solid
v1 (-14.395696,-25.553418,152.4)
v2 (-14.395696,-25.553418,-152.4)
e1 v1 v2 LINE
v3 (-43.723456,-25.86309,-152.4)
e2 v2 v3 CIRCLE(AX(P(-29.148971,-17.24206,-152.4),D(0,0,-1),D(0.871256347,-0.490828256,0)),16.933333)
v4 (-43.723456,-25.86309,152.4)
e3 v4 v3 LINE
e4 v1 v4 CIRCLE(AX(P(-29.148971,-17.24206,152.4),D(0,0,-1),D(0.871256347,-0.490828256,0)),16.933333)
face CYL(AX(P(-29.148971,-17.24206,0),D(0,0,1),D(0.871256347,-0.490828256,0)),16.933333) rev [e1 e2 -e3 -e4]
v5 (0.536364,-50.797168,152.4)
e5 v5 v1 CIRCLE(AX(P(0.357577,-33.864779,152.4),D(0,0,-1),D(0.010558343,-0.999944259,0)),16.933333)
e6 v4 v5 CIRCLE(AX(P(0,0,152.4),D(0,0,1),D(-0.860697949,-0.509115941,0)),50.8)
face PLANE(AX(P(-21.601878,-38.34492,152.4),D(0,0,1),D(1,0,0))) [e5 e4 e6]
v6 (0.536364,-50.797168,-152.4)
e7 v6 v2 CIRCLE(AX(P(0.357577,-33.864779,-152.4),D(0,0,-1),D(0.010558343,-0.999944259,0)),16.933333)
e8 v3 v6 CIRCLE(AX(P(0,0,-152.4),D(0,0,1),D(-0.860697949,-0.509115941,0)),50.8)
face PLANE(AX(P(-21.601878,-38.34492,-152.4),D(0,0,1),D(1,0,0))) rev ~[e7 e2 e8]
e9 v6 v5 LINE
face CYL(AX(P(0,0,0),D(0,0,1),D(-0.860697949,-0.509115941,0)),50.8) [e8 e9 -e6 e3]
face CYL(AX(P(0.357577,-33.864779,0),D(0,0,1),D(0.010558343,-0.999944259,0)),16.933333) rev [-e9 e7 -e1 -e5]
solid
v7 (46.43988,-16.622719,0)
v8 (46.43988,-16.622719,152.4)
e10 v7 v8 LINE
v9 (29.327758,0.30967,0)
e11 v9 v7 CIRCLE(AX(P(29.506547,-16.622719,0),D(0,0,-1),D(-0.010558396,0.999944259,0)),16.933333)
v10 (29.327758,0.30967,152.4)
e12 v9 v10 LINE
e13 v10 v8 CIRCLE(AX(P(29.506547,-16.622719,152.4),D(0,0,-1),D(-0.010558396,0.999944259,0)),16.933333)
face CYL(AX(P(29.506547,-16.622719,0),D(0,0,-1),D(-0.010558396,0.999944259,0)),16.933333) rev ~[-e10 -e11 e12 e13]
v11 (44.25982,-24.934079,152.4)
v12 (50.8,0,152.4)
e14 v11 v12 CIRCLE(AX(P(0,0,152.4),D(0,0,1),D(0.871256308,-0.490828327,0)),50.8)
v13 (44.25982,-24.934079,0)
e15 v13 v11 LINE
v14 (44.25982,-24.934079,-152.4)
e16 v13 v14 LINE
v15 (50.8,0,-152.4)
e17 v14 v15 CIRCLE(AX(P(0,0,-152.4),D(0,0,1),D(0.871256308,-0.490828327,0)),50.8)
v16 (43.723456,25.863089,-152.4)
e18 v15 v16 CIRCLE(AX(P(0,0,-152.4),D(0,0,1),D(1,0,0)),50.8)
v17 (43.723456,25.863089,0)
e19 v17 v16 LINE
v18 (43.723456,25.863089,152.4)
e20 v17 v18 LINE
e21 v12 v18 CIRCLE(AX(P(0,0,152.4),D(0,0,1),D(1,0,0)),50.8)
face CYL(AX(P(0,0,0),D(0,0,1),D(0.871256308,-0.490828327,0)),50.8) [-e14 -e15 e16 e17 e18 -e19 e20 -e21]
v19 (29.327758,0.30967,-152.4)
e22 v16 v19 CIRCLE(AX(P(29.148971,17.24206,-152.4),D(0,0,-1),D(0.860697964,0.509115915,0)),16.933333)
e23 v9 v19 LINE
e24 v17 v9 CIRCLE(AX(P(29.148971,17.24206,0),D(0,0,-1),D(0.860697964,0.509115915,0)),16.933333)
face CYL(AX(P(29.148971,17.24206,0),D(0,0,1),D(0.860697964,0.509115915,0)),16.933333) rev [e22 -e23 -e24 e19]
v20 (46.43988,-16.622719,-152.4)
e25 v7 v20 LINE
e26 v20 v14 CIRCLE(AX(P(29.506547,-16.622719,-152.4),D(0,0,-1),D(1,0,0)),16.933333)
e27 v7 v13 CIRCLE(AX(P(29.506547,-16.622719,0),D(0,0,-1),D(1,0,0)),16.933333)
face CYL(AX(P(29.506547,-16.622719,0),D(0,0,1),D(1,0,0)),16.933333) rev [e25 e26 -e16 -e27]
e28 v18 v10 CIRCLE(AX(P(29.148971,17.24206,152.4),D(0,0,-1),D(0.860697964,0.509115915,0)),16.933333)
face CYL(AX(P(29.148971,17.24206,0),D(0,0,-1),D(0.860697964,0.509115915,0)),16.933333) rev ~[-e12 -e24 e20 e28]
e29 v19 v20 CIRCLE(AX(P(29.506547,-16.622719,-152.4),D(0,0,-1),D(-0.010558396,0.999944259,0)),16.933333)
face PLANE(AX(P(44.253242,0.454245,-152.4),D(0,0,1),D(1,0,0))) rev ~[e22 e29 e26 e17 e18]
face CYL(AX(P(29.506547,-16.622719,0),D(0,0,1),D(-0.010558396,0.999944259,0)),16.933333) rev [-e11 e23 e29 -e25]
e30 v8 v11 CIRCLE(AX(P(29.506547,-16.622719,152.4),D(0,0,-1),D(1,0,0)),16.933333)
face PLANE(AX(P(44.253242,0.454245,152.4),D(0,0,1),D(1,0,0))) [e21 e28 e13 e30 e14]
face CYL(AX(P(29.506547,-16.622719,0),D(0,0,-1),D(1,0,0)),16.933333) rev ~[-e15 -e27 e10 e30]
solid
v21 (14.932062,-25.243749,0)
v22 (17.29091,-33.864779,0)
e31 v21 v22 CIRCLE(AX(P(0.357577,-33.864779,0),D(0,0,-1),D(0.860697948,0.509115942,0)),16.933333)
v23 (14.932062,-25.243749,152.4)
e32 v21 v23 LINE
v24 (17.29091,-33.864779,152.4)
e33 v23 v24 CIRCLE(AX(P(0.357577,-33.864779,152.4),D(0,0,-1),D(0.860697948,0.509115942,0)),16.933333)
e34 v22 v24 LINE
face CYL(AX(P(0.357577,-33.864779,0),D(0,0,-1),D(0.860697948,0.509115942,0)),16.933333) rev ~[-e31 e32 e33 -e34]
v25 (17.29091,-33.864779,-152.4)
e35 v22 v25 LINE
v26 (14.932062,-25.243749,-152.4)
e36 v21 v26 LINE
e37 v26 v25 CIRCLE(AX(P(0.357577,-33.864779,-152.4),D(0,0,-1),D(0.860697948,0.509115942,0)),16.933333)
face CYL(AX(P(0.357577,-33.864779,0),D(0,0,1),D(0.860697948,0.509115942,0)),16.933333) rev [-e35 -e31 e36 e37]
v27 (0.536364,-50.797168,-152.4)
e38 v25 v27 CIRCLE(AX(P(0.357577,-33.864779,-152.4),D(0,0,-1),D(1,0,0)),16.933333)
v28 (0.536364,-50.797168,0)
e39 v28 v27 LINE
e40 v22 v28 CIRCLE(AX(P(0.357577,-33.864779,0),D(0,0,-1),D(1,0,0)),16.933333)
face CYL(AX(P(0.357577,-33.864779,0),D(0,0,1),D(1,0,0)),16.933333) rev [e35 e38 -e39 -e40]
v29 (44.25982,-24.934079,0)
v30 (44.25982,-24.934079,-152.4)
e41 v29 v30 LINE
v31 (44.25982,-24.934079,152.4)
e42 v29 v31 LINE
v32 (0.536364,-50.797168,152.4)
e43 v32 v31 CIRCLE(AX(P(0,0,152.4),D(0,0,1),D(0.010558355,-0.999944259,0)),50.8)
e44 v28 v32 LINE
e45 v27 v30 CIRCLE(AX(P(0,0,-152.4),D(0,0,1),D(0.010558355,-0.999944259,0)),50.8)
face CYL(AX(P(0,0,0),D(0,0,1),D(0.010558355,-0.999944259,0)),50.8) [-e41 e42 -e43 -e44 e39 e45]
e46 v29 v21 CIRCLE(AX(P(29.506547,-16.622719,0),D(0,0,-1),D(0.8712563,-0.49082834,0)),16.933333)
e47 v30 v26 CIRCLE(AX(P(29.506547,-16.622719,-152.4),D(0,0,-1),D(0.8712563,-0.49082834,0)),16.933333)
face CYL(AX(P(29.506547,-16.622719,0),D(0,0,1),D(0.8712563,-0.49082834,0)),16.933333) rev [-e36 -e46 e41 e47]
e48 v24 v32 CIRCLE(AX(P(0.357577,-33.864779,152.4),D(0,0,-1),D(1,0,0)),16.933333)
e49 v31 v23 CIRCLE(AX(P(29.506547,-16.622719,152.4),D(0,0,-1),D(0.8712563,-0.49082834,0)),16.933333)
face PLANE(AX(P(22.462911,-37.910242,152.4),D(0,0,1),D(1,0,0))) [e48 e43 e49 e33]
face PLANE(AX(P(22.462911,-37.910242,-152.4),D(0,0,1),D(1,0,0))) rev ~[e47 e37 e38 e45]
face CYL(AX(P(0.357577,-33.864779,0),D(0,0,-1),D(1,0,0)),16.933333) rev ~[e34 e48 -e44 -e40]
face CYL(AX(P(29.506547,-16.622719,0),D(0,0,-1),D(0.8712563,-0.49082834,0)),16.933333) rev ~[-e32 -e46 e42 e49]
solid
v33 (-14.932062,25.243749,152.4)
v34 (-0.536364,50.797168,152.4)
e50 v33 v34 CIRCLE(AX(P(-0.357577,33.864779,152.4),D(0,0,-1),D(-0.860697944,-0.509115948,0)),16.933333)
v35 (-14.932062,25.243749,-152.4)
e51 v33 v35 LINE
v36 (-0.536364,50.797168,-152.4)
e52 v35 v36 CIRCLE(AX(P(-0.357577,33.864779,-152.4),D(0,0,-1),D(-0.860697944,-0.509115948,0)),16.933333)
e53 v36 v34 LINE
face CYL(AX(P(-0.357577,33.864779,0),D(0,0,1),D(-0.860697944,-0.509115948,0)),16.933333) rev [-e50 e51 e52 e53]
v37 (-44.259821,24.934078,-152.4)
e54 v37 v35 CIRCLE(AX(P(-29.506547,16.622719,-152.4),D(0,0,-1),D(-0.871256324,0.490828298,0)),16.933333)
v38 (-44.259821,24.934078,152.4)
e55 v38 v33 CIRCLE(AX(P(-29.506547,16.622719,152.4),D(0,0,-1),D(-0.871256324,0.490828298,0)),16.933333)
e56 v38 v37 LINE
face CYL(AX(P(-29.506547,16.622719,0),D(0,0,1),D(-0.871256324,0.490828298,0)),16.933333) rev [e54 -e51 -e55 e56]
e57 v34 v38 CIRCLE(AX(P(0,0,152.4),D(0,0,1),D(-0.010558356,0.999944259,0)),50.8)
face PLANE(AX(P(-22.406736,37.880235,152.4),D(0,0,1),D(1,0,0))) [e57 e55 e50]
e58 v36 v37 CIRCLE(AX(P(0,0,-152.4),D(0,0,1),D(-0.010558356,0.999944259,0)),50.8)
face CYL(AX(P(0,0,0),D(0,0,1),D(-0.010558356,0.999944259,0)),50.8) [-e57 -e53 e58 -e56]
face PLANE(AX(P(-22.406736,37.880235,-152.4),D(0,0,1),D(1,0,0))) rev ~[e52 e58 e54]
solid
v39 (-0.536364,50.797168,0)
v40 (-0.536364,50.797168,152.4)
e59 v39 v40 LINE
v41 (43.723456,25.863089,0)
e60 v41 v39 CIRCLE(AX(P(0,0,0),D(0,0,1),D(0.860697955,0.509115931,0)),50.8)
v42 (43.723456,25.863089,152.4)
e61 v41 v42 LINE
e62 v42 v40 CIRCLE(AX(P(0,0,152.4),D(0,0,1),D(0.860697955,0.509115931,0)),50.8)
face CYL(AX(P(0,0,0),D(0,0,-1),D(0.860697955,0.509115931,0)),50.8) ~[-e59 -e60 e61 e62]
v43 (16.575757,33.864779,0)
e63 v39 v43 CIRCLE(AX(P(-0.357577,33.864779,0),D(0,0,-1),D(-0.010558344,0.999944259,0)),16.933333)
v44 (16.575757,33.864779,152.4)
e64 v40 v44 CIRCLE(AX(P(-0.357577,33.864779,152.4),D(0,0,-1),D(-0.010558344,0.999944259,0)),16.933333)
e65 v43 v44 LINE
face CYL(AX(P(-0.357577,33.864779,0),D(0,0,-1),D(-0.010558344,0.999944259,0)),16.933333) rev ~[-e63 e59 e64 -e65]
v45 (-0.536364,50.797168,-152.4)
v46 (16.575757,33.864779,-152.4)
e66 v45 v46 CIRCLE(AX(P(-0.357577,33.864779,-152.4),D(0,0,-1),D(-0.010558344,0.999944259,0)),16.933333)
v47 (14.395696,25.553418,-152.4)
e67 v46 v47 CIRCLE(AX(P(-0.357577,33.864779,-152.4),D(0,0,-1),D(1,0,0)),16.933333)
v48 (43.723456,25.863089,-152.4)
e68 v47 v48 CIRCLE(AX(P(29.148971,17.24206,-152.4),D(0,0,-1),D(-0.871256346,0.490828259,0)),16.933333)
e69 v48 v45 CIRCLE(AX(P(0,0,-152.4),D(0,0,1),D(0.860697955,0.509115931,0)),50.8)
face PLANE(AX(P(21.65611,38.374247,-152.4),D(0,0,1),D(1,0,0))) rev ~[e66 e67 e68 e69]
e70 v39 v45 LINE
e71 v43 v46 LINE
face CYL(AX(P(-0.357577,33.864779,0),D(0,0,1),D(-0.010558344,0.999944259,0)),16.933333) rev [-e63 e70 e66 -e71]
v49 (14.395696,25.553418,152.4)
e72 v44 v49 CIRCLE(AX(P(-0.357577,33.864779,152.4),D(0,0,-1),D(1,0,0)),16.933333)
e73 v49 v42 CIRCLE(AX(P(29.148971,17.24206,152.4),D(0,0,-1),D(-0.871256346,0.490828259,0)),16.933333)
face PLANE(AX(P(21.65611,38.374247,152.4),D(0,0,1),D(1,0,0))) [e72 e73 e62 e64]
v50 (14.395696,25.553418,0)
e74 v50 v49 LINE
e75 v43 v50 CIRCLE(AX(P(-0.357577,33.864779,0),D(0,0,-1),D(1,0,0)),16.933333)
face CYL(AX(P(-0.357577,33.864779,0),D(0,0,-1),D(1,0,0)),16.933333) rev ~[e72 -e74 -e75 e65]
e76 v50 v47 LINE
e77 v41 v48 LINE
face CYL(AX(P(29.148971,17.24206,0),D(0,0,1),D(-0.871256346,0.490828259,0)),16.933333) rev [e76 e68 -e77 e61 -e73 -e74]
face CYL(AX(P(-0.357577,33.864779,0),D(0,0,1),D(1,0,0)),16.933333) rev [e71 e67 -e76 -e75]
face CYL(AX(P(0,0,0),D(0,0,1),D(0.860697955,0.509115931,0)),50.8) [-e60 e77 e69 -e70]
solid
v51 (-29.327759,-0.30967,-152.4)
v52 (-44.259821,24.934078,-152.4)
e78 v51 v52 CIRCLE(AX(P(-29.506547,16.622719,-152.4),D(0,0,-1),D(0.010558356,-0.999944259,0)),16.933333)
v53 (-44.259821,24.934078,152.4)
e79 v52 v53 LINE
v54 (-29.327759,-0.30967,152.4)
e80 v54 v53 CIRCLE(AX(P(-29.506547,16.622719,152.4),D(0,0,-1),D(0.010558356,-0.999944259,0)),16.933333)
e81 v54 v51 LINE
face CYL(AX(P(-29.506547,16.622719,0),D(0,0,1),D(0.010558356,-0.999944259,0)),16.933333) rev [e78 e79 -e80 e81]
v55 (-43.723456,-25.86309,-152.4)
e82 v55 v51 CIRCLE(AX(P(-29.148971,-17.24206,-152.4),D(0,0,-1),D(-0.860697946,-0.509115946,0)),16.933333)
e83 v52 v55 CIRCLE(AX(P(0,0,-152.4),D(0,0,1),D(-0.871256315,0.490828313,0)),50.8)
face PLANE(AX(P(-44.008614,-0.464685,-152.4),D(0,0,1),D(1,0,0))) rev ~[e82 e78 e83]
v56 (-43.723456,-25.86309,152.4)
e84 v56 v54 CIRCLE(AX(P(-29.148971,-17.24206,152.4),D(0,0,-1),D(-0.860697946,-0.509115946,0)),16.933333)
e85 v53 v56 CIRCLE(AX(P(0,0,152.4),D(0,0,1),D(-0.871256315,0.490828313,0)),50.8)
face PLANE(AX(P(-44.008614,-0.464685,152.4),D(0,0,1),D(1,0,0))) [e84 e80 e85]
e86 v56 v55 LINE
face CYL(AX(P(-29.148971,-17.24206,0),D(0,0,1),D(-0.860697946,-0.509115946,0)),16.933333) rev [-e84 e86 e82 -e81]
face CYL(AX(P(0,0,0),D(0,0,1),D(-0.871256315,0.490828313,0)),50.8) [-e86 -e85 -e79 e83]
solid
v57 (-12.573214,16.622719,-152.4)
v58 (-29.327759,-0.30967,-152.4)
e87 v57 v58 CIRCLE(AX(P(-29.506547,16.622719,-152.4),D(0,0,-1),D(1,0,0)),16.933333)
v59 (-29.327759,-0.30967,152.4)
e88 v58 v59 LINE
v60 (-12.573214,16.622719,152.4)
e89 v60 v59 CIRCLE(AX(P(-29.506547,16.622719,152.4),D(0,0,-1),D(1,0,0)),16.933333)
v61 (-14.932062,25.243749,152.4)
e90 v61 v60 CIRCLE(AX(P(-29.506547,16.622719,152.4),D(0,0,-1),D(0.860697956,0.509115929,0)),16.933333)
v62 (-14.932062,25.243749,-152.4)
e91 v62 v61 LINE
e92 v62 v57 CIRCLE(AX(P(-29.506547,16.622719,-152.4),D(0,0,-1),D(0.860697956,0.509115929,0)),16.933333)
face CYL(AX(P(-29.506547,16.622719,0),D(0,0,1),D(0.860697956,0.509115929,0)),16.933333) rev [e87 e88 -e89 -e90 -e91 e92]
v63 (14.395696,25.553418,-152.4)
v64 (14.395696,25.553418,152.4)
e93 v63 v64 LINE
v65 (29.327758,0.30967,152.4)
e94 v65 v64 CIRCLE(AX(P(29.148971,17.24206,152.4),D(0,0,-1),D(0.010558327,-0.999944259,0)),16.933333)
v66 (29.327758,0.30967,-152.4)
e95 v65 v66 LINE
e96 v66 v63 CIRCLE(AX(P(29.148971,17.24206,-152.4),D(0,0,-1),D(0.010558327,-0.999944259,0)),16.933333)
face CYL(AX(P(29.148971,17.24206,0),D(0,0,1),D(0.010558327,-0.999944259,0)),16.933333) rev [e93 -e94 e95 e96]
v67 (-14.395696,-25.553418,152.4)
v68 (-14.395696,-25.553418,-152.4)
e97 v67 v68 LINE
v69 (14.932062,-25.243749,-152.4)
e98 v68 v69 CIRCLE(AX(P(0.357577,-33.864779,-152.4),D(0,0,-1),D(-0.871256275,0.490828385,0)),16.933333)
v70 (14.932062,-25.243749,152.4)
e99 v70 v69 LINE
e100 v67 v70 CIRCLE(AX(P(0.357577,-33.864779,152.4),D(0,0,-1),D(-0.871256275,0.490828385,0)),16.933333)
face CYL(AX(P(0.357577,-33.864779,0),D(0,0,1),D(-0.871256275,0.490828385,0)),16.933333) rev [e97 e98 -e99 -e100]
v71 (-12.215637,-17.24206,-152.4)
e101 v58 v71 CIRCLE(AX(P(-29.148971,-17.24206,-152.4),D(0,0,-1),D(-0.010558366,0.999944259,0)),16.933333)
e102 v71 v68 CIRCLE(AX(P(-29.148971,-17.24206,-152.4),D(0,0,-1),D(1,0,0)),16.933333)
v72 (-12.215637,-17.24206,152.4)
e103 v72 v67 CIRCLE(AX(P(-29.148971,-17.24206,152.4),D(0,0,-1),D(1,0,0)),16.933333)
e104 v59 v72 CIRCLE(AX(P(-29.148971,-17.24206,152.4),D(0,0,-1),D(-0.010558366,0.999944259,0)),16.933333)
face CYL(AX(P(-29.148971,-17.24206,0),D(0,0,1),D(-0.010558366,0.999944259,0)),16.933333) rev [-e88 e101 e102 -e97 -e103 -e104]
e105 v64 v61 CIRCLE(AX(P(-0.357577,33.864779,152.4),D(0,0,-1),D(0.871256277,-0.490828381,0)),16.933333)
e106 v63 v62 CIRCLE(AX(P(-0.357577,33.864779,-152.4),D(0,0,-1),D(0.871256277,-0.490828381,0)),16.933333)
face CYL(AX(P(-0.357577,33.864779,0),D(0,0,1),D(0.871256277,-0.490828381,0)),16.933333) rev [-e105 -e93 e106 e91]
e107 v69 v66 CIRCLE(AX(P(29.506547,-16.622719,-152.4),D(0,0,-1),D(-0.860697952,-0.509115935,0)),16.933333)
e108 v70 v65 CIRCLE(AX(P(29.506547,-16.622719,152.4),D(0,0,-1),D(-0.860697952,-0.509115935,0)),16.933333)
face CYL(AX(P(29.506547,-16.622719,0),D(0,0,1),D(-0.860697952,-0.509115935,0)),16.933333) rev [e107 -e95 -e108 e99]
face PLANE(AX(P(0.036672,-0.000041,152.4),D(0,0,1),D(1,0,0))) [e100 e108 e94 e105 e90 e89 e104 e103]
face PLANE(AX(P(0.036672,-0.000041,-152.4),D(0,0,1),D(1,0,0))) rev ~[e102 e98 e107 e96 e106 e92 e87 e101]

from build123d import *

# Parameters (mm, degrees)
F1_DEPTH      = 152.4
F1_DEPTH_BACK = 152.4


with BuildPart() as f1:
    # F0 (on Top) → F1 (new body, two sides)
    with BuildSketch(Plane.XY) as f1_sk:
        with BuildLine():
            ThreePointArc((-43.7234557856, -25.8630898031), (-24.9340787487, -44.2598205707), (0.536364441, -50.797168358))
            ThreePointArc((0.536364441, -50.797168358), (-14.2169091785, -42.4858081239), (-14.3956964201, -25.5534182585))
            ThreePointArc((-14.3956964201, -25.5534182585), (-28.9701816246, -34.1744492332), (-43.7234557856, -25.8630898031))
        make_face()
    extrude(amount=F1_DEPTH)
    extrude(f1_sk.sketch, amount=-F1_DEPTH_BACK)


with BuildPart() as f1b:
    # F0 (on Top) → F1, piece 2 (new body, two sides)
    with BuildSketch(Plane.XY) as f1_2_sk:
        with BuildLine():
            ThreePointArc((-29.3277589073, -0.3096703384), (-44.0810322731, 8.0016890697), (-44.2598208264, 24.9340782948))
            ThreePointArc((-44.2598208264, 24.9340782948), (-50.7971683516, -0.5363650435), (-43.7234557856, -25.8630898031))
            ThreePointArc((-43.7234557856, -25.8630898031), (-43.9022441637, -8.930700329), (-29.3277589073, -0.3096703384))
        make_face()
    extrude(amount=F1_DEPTH)
    extrude(f1_2_sk.sketch, amount=-F1_DEPTH_BACK)


with BuildPart() as f1c:
    # F0 (on Top) → F1, piece 3 (new body, two sides)
    with BuildSketch(Plane.XY) as f1_3_sk:
        with BuildLine():
            ThreePointArc((-14.9320616948, 25.2437488462), (-15.1108500175, 42.1761385063), (-0.5363644633, 50.7971683577))
            ThreePointArc((-0.5363644633, 50.7971683577), (-25.8630897425, 43.7234558214), (-44.2598208264, 24.9340782948))
            ThreePointArc((-44.2598208264, 24.9340782948), (-29.6853354506, 33.5551085643), (-14.9320616948, 25.2437488462))
        make_face()
    extrude(amount=F1_DEPTH)
    extrude(f1_3_sk.sketch, amount=-F1_DEPTH_BACK)


with BuildPart() as f1d:
    # F0 (on Top) → F1, piece 4 (new body, two sides)
    with BuildSketch(Plane.XY) as f1_4_sk:
        with BuildLine():
            ThreePointArc((14.3956964527, 25.5534183165), (28.9701819584, 34.1744492368), (43.7234560916, 25.8630892859))
            ThreePointArc((43.7234560916, 25.8630892859), (24.9340790008, 44.2598204287), (-0.5363644633, 50.7971683577))
            ThreePointArc((-0.5363644633, 50.7971683577), (11.5527194962, 45.9014988438), (16.5757568279, 33.8647789031))
            ThreePointArc((16.5757568279, 33.8647789031), (16.0216766298, 29.5685195406), (14.3956964527, 25.5534183165))
        make_face()
    extrude(amount=F1_DEPTH)
    extrude(f1_4_sk.sketch, amount=-F1_DEPTH_BACK)


with BuildPart() as f1e:
    # F0 (on Top) → F1, piece 5 (new body, two sides)
    with BuildSketch(Plane.XY) as f1_5_sk:
        with BuildLine():
            ThreePointArc((44.2598204293, -24.9340789998), (49.1377598075, -12.8887765555), (50.8, 0))
            ThreePointArc((50.8, 0), (48.9989365673, 13.4068719422), (43.7234560916, 25.8630892859))
            ThreePointArc((43.7234560916, 25.8630892859), (45.4819494673, 21.7110169545), (46.0823039042, 17.242059789))
            ThreePointArc((46.0823039042, 17.242059789), (41.1856904098, 5.3317636845), (29.3277582391, 0.3096703313))
            ThreePointArc((29.3277582391, 0.3096703313), (41.4168427654, -4.585998864), (46.4398804096, -16.622719114))
            ThreePointArc((46.4398804096, -16.622719114), (45.8858003136, -20.9189780875), (44.2598204293, -24.9340789998))
        make_face()
    extrude(amount=F1_DEPTH)
    extrude(f1_5_sk.sketch, amount=-F1_DEPTH_BACK)


with BuildPart() as f1f:
    # F0 (on Top) → F1, piece 6 (new body, two sides)
    with BuildSketch(Plane.XY) as f1_6_sk:
        with BuildLine():
            ThreePointArc((0.536364441, -50.797168358), (25.8630893846, -43.7234560331), (44.2598204293, -24.9340789998))
            ThreePointArc((44.2598204293, -24.9340789998), (29.6853351072, -33.5551085679), (14.9320617571, -25.2437489516))
            ThreePointArc((14.9320617571, -25.2437489516), (16.6905553321, -29.3958214828), (17.2909098388, -33.8647789031))
            ThreePointArc((17.2909098388, -33.8647789031), (12.3942964383, -45.7750749126), (0.536364441, -50.797168358))
        make_face()
    extrude(amount=F1_DEPTH)
    extrude(f1_6_sk.sketch, amount=-F1_DEPTH_BACK)


with BuildPart() as f1g:
    # F0 (on Top) → F1, piece 7 (new body, two sides)
    with BuildSketch(Plane.XY) as f1_7_sk:
        with BuildLine():
            ThreePointArc((29.3277582391, 0.3096703313), (14.5744854375, 8.6210296375), (14.3956964527, 25.5534183165))
            ThreePointArc((14.3956964527, 25.5534183165), (-0.1787887492, 16.9323894463), (-14.9320616948, 25.2437488462))
            ThreePointArc((-14.9320616948, 25.2437488462), (-13.173568216, 21.0916764114), (-12.573213743, 16.622719114))
            ThreePointArc((-12.573213743, 16.622719114), (-17.4698270613, 4.7124231875), (-29.3277589073, -0.3096703384))
            ThreePointArc((-29.3277589073, -0.3096703384), (-17.2386747038, -5.2053397151), (-12.2156372376, -17.242059789))
            ThreePointArc((-12.2156372376, -17.242059789), (-12.7697171274, -21.5383179763), (-14.3956964201, -25.5534182585))
            ThreePointArc((-14.3956964201, -25.5534182585), (0.1787888437, -16.9323894453), (14.9320617571, -25.2437489516))
            ThreePointArc((14.9320617571, -25.2437489516), (14.753273411, -8.3113597828), (29.3277582391, 0.3096703313))
        make_face()
    extrude(amount=F1_DEPTH)
    extrude(f1_7_sk.sketch, amount=-F1_DEPTH_BACK)


solid = Compound([f1.part, f1b.part, f1c.part, f1d.part, f1e.part, f1f.part, f1g.part])
